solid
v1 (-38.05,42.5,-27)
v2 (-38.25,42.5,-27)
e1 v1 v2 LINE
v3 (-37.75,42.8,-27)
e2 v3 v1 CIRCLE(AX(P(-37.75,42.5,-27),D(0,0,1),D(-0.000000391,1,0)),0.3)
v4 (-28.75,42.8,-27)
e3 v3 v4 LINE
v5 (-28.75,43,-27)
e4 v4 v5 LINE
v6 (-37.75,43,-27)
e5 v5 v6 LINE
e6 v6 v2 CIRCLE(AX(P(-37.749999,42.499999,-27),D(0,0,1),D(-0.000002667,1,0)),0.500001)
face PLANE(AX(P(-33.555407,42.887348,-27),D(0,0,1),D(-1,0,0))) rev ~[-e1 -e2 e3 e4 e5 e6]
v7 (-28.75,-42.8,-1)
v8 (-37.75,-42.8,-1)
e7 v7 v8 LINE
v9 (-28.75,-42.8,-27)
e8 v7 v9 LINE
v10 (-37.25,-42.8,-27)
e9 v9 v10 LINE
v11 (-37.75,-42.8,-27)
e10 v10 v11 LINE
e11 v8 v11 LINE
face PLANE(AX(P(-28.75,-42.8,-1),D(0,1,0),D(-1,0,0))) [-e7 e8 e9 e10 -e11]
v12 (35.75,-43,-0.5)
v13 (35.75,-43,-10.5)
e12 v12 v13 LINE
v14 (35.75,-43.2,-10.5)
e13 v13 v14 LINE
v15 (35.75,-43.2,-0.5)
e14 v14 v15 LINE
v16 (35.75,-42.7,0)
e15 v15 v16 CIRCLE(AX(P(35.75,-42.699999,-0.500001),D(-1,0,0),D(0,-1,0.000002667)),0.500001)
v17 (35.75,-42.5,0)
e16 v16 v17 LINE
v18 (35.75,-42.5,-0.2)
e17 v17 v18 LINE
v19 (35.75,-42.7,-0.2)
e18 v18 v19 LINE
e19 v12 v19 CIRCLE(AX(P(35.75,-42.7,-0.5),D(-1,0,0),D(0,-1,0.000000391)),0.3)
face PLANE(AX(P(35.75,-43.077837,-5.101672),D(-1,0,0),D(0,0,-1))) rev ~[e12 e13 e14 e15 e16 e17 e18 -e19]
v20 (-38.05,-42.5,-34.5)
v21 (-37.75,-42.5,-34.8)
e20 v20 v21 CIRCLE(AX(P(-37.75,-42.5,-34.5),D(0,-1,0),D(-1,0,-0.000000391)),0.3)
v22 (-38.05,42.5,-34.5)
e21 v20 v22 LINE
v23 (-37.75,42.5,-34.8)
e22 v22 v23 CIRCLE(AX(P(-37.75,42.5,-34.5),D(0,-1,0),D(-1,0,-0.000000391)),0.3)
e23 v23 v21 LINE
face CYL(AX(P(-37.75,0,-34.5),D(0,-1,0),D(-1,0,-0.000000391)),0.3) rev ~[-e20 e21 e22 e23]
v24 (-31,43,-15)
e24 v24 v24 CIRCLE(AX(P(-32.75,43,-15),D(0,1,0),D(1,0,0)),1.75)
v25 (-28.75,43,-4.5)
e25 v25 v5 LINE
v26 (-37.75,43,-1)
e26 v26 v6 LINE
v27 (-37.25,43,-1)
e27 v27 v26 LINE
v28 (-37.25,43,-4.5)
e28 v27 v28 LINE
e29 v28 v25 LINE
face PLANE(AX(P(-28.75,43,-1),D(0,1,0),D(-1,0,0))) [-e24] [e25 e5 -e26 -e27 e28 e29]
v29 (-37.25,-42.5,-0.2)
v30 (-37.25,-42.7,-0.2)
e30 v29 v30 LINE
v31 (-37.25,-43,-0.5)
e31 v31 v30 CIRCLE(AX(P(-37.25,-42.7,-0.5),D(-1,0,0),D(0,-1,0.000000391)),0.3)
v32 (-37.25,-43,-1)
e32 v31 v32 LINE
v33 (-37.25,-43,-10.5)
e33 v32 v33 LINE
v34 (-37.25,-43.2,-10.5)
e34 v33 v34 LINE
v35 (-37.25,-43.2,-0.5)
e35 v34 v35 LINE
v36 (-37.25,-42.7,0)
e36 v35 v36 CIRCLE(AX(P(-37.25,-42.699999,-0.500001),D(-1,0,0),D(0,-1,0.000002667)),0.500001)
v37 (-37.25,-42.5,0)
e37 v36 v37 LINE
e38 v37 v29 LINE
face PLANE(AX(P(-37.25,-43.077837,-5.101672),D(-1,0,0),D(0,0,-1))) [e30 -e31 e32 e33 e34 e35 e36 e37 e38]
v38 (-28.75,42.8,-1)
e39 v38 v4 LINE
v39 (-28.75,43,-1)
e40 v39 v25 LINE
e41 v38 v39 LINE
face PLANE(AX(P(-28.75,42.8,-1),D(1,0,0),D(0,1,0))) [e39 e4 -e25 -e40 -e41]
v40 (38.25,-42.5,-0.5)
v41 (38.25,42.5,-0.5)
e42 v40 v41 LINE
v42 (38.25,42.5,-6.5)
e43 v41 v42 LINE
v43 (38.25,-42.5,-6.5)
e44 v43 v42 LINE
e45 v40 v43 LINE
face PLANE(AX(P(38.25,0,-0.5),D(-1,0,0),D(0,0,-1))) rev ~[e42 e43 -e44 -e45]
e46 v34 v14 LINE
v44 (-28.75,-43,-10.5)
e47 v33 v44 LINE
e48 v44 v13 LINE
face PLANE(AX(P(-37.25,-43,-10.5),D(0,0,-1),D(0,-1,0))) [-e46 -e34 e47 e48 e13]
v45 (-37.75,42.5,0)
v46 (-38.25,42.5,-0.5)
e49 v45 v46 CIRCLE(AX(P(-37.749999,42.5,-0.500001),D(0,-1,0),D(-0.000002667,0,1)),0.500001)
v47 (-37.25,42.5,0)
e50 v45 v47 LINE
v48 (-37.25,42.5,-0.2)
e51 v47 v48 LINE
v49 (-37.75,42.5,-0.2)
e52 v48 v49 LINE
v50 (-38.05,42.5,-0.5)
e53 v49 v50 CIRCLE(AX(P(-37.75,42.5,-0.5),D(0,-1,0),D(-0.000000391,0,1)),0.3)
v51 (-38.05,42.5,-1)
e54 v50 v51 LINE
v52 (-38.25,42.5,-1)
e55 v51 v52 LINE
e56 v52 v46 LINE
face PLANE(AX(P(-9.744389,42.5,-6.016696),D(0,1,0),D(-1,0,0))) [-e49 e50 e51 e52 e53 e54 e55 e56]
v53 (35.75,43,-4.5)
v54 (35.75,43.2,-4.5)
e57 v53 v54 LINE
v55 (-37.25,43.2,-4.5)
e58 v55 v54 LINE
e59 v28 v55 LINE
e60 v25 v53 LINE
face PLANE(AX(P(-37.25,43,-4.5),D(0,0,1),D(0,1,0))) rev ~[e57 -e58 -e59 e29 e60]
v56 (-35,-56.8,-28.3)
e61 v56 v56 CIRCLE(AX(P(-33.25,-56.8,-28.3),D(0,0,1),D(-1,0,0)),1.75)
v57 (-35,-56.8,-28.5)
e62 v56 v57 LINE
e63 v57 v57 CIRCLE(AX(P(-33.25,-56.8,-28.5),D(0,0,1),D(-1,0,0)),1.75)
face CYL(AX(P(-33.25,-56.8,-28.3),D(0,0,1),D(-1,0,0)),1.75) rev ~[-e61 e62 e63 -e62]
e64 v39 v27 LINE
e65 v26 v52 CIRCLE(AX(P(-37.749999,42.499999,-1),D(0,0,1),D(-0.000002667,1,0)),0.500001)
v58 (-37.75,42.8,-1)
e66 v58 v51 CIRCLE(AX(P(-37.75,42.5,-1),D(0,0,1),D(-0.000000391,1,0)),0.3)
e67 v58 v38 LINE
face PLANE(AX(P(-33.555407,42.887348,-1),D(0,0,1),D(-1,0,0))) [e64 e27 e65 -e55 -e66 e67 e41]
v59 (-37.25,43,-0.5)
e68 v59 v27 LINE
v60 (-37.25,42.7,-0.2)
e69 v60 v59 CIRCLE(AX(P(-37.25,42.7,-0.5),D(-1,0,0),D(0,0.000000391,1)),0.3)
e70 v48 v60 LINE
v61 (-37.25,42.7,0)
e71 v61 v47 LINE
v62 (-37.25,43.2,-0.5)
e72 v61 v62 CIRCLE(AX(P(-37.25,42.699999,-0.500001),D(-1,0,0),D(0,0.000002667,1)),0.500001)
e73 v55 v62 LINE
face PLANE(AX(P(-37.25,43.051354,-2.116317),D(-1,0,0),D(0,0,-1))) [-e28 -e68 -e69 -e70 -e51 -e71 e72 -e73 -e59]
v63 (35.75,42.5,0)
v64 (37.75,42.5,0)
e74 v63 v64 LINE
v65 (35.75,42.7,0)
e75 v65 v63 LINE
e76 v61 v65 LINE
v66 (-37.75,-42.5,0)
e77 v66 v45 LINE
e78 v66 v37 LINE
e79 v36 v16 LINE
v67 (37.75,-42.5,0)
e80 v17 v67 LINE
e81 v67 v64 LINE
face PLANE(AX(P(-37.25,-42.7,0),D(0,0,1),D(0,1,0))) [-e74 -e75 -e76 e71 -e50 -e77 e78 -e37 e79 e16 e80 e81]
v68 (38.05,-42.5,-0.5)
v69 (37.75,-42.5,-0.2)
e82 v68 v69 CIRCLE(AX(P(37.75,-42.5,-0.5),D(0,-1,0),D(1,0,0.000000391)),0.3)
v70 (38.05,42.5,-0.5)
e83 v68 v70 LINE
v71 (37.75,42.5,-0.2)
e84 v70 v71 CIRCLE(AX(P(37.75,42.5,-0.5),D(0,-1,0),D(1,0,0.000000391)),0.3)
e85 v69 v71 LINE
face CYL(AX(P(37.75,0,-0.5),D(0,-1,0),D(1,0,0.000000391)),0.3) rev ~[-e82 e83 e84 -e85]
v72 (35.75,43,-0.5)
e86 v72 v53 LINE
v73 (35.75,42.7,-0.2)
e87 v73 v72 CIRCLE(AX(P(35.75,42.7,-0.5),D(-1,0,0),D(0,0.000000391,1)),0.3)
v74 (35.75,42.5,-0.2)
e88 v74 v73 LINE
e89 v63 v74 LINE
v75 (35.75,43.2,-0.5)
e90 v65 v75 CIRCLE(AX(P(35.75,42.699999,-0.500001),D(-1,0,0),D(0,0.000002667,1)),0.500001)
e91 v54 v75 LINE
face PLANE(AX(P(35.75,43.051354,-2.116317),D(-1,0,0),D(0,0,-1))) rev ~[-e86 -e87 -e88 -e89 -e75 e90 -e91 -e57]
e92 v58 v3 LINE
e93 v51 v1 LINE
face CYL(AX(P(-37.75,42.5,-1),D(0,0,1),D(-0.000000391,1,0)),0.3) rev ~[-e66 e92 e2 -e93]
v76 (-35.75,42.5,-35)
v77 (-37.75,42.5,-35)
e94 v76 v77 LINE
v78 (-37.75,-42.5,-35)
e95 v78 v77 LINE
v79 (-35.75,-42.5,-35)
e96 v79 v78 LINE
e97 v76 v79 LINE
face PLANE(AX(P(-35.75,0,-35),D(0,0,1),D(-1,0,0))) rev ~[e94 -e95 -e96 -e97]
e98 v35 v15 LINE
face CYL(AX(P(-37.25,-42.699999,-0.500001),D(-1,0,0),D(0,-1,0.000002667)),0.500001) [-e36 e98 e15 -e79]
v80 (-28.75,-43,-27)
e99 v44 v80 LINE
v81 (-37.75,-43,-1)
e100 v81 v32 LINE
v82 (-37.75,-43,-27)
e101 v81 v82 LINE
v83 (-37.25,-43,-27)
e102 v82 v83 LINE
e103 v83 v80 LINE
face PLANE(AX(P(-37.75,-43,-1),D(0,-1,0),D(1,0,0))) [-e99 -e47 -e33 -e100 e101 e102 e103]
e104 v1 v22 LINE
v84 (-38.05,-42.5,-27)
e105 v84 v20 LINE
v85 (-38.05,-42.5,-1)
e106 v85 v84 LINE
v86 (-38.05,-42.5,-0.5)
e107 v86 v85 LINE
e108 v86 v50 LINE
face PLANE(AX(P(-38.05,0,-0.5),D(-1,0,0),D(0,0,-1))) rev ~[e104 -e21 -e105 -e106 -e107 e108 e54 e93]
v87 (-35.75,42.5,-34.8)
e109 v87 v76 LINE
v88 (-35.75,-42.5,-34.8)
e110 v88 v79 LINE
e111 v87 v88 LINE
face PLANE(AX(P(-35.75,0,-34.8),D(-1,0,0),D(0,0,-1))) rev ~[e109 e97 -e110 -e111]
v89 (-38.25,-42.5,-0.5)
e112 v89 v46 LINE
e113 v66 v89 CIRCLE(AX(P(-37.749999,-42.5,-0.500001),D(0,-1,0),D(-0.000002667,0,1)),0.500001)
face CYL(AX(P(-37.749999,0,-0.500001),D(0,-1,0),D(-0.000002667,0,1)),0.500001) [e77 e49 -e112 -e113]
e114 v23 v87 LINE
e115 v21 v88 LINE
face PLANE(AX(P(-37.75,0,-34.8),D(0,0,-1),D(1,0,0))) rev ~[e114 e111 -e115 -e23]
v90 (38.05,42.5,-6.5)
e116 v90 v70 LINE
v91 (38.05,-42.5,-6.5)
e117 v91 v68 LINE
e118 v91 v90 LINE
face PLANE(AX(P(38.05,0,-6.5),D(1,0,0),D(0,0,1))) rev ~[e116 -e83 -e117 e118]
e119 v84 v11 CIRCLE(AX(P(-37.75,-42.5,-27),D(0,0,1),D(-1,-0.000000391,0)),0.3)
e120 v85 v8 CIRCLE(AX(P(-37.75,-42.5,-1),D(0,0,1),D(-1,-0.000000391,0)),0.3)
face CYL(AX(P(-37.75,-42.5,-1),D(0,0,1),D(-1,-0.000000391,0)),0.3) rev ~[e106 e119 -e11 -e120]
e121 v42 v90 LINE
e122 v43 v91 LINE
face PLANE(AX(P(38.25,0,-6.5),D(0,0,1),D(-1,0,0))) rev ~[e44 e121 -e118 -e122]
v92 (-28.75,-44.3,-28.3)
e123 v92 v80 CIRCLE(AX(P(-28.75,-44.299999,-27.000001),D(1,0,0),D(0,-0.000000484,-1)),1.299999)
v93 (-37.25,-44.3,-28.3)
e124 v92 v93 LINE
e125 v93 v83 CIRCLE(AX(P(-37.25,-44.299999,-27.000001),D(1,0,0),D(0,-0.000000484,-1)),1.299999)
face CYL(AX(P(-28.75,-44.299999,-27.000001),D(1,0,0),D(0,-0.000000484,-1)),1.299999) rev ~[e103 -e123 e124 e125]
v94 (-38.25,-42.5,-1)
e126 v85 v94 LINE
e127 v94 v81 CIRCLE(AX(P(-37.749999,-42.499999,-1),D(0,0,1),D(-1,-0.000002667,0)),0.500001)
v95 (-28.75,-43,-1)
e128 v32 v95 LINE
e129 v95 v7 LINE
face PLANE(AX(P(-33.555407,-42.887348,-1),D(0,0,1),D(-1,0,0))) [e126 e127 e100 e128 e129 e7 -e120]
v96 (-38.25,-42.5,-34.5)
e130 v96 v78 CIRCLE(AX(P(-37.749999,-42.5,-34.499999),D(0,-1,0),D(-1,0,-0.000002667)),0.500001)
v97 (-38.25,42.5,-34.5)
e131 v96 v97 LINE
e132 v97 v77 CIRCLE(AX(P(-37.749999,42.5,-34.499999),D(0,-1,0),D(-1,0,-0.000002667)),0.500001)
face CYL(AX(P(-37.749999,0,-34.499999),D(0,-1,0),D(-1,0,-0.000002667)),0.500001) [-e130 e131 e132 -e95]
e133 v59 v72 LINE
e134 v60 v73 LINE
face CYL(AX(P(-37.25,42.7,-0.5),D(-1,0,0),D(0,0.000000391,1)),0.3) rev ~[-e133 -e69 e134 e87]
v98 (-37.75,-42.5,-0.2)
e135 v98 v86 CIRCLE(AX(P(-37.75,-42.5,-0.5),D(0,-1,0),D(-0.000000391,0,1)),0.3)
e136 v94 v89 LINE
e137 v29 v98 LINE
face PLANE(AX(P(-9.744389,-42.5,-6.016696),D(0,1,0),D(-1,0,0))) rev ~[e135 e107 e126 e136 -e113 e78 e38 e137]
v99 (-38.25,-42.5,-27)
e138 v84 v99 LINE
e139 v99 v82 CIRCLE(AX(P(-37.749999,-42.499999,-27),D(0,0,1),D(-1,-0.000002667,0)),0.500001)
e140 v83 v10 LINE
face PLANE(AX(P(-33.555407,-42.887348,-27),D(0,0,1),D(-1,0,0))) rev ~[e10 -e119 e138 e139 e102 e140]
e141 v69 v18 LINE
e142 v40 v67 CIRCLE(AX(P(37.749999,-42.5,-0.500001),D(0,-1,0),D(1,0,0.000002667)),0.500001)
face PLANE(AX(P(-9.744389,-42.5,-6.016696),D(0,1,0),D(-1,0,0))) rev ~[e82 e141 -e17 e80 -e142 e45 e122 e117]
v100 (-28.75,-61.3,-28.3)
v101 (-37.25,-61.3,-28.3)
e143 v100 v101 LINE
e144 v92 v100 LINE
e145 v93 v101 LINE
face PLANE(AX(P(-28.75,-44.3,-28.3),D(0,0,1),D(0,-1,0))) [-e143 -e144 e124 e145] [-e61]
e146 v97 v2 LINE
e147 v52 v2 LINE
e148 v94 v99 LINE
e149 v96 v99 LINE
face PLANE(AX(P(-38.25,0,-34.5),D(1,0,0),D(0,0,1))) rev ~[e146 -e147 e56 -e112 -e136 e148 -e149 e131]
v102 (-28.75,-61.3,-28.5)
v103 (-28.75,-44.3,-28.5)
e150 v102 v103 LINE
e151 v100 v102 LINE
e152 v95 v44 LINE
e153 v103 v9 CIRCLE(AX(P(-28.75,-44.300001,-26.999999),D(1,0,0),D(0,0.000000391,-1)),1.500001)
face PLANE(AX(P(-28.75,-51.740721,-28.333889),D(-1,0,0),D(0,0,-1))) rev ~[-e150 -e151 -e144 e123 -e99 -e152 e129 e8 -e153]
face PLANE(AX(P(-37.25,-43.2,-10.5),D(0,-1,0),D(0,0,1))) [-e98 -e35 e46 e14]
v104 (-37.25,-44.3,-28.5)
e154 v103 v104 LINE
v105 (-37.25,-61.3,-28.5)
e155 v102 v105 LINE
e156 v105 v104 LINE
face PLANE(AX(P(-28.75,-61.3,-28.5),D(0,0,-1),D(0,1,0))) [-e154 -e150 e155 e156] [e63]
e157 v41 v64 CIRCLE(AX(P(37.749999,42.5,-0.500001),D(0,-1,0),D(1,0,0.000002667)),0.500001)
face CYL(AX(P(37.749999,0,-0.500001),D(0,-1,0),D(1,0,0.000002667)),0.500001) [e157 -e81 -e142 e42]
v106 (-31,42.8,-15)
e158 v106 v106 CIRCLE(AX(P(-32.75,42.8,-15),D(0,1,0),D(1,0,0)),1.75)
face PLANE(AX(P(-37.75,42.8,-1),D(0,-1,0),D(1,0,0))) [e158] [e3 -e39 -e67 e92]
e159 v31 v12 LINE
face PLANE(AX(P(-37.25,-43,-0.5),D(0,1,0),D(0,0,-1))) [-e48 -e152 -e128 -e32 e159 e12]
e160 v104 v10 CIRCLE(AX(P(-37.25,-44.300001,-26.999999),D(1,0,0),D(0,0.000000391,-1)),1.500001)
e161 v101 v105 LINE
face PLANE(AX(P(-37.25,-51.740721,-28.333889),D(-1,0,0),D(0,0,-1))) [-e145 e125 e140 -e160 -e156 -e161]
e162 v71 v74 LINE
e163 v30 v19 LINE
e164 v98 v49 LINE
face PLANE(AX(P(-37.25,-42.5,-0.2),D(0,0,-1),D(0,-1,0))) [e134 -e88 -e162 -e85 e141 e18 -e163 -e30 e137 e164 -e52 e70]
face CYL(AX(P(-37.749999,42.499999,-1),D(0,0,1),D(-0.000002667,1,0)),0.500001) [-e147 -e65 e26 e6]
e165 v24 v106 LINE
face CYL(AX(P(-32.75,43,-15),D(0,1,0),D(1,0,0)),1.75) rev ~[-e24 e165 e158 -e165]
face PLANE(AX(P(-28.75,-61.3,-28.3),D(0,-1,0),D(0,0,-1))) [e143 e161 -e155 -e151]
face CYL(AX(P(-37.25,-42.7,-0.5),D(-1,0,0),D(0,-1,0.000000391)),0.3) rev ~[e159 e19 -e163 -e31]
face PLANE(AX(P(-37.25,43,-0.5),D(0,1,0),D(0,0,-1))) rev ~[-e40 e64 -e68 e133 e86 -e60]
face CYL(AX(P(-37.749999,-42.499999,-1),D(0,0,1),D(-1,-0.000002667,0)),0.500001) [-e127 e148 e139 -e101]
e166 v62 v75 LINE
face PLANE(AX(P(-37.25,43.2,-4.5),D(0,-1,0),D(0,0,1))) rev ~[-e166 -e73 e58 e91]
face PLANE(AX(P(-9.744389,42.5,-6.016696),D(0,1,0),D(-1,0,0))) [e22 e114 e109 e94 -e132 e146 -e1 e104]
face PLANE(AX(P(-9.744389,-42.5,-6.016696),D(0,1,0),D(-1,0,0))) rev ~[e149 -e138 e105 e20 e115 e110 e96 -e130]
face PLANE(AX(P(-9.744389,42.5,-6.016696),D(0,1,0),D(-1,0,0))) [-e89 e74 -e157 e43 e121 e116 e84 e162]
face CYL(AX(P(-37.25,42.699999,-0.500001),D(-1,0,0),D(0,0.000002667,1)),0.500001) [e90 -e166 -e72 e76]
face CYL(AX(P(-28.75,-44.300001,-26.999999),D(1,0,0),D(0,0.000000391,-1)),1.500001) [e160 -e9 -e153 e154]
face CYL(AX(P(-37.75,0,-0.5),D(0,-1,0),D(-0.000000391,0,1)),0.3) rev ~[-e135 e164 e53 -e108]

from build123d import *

# Parameters (mm, degrees)
PAD_DEPTH       = 42.5
PAD001_DEPTH    = 26
PAD002_DEPTH    = 73
PAD003_DEPTH    = 8.5
SKETCH004_R     = 1.75
POCKET_DEPTH    = 5
SKETCH005_R     = 1.75
POCKET001_DEPTH = 5


with BuildPart() as part:
    # Sketch → Pad (new body, symmetric)
    with BuildSketch(Plane.XZ):
        with BuildLine():
            Line((-35.75, -35), (-37.75, -35))
            ThreePointArc((-38.25, -34.5), (-38.103553, -34.853553), (-37.75, -35))
            Line((-38.25, -34.5), (-38.25, -0.5))
            ThreePointArc((-37.75, 0), (-38.103553, -0.146447), (-38.25, -0.5))
            Line((-37.75, 0), (37.75, 0))
            ThreePointArc((38.25, -0.5), (38.103553, -0.146447), (37.75, 0))
            Line((38.25, -0.5), (38.25, -6.5))
            Line((38.25, -6.5), (38.05, -6.5))
            Line((38.05, -6.5), (38.05, -0.5))
            ThreePointArc((38.05, -0.5), (37.962132, -0.287868), (37.75, -0.2))
            Line((37.75, -0.2), (-37.75, -0.2))
            ThreePointArc((-37.75, -0.2), (-37.962132, -0.287868), (-38.05, -0.5))
            Line((-38.05, -0.5), (-38.05, -34.5))
            ThreePointArc((-38.05, -34.5), (-37.962132, -34.712132), (-37.75, -34.8))
            Line((-37.75, -34.8), (-35.75, -34.8))
            Line((-35.75, -34.8), (-35.75, -35))
        make_face()
    extrude(amount=PAD_DEPTH, both=True)

    # Sketch001 (on Face15 of Pad) → Pad001 (join)
    with BuildSketch(Plane(origin=(0, 0, -1), x_dir=(-1, 0, 0), z_dir=(0, 0, 1))):
        with BuildLine():
            ThreePointArc((38.25, 42.5), (38.103553, 42.853553), (37.75, 43))
            Line((37.75, 43), (28.75, 43))
            Line((28.75, 43), (28.75, 42.8))
            Line((28.75, 42.8), (37.75, 42.8))
            ThreePointArc((38.05, 42.5), (37.962132, 42.712132), (37.75, 42.8))
            Line((38.05, 42.5), (38.25, 42.5))
        make_face()
        with BuildLine():
            ThreePointArc((37.75, -43), (38.103553, -42.853553), (38.25, -42.5))
            Line((38.05, -42.5), (38.25, -42.5))
            ThreePointArc((37.75, -42.8), (37.962132, -42.712132), (38.05, -42.5))
            Line((37.75, -42.8), (28.75, -42.8))
            Line((28.75, -42.8), (28.75, -43))
            Line((28.75, -43), (37.75, -43))
        make_face()
    extrude(amount=-PAD001_DEPTH)

    # Sketch002 (on Face9 of Pad001) → Pad002 (join)
    with BuildSketch(Plane(origin=(-37.25, 0, 0), x_dir=(0, 0, -1), z_dir=(-1, 0, 0))):
        with BuildLine():
            ThreePointArc((0.5, 43.2), (0.146447, 43.053553), (0, 42.7))
            Line((0, 42.7), (0, 42.5))
            Line((0, 42.5), (0.2, 42.5))
            Line((0.2, 42.5), (0.2, 42.7))
            ThreePointArc((0.5, 43), (0.287868, 42.912132), (0.2, 42.7))
            Line((0.5, 43), (10.5, 43))
            Line((10.5, 43), (10.5, 43.2))
            Line((10.5, 43.2), (0.5, 43.2))
        make_face()
        with BuildLine():
            ThreePointArc((0, -42.7), (0.146447, -43.053553), (0.5, -43.2))
            Line((4.5, -43.2), (0.5, -43.2))
            Line((4.5, -43), (4.5, -43.2))
            Line((0.5, -43), (4.5, -43))
            ThreePointArc((0.2, -42.7), (0.287868, -42.912132), (0.5, -43))
            Line((0.2, -42.5), (0.2, -42.7))
            Line((0, -42.5), (0.2, -42.5))
            Line((0, -42.7), (0, -42.5))
        make_face()
    extrude(amount=-PAD002_DEPTH)

    # Sketch003 (on Face38 of Pad002) → Pad003 (join)
    with BuildSketch(Plane(origin=(-28.75, 0, 0), x_dir=(0, 0, 1), z_dir=(1, 0, 0))):
        with BuildLine():
            ThreePointArc((-28.3, 44.3), (-27.919239, 43.380761), (-27, 43))
            Line((-27, 43), (-27, 42.8))
            ThreePointArc((-28.5, 44.3), (-28.06066, 43.23934), (-27, 42.8))
            Line((-28.5, 61.3), (-28.5, 44.3))
            Line((-28.3, 61.3), (-28.5, 61.3))
            Line((-28.3, 44.3), (-28.3, 61.3))
        make_face()
    extrude(amount=-PAD003_DEPTH)

    # Sketch004 (on Face36 of Pad003) → Pocket (cut)
    with BuildSketch(Plane(origin=(0, 43, 0), x_dir=(1, 0, 0), z_dir=(0, 1, 0))):
        with Locations((-32.75, 15)):
            Circle(SKETCH004_R)
    extrude(amount=-POCKET_DEPTH, mode=Mode.SUBTRACT)

    # Sketch005 (on Face59 of Pocket) → Pocket001 (cut)
    with BuildSketch(Plane(origin=(0, 0, -28.3), x_dir=(-1, 0, 0), z_dir=(0, 0, 1))):
        with Locations((33.25, 56.8)):
            Circle(SKETCH005_R)
    extrude(amount=-POCKET001_DEPTH, mode=Mode.SUBTRACT)


solid = part.part
